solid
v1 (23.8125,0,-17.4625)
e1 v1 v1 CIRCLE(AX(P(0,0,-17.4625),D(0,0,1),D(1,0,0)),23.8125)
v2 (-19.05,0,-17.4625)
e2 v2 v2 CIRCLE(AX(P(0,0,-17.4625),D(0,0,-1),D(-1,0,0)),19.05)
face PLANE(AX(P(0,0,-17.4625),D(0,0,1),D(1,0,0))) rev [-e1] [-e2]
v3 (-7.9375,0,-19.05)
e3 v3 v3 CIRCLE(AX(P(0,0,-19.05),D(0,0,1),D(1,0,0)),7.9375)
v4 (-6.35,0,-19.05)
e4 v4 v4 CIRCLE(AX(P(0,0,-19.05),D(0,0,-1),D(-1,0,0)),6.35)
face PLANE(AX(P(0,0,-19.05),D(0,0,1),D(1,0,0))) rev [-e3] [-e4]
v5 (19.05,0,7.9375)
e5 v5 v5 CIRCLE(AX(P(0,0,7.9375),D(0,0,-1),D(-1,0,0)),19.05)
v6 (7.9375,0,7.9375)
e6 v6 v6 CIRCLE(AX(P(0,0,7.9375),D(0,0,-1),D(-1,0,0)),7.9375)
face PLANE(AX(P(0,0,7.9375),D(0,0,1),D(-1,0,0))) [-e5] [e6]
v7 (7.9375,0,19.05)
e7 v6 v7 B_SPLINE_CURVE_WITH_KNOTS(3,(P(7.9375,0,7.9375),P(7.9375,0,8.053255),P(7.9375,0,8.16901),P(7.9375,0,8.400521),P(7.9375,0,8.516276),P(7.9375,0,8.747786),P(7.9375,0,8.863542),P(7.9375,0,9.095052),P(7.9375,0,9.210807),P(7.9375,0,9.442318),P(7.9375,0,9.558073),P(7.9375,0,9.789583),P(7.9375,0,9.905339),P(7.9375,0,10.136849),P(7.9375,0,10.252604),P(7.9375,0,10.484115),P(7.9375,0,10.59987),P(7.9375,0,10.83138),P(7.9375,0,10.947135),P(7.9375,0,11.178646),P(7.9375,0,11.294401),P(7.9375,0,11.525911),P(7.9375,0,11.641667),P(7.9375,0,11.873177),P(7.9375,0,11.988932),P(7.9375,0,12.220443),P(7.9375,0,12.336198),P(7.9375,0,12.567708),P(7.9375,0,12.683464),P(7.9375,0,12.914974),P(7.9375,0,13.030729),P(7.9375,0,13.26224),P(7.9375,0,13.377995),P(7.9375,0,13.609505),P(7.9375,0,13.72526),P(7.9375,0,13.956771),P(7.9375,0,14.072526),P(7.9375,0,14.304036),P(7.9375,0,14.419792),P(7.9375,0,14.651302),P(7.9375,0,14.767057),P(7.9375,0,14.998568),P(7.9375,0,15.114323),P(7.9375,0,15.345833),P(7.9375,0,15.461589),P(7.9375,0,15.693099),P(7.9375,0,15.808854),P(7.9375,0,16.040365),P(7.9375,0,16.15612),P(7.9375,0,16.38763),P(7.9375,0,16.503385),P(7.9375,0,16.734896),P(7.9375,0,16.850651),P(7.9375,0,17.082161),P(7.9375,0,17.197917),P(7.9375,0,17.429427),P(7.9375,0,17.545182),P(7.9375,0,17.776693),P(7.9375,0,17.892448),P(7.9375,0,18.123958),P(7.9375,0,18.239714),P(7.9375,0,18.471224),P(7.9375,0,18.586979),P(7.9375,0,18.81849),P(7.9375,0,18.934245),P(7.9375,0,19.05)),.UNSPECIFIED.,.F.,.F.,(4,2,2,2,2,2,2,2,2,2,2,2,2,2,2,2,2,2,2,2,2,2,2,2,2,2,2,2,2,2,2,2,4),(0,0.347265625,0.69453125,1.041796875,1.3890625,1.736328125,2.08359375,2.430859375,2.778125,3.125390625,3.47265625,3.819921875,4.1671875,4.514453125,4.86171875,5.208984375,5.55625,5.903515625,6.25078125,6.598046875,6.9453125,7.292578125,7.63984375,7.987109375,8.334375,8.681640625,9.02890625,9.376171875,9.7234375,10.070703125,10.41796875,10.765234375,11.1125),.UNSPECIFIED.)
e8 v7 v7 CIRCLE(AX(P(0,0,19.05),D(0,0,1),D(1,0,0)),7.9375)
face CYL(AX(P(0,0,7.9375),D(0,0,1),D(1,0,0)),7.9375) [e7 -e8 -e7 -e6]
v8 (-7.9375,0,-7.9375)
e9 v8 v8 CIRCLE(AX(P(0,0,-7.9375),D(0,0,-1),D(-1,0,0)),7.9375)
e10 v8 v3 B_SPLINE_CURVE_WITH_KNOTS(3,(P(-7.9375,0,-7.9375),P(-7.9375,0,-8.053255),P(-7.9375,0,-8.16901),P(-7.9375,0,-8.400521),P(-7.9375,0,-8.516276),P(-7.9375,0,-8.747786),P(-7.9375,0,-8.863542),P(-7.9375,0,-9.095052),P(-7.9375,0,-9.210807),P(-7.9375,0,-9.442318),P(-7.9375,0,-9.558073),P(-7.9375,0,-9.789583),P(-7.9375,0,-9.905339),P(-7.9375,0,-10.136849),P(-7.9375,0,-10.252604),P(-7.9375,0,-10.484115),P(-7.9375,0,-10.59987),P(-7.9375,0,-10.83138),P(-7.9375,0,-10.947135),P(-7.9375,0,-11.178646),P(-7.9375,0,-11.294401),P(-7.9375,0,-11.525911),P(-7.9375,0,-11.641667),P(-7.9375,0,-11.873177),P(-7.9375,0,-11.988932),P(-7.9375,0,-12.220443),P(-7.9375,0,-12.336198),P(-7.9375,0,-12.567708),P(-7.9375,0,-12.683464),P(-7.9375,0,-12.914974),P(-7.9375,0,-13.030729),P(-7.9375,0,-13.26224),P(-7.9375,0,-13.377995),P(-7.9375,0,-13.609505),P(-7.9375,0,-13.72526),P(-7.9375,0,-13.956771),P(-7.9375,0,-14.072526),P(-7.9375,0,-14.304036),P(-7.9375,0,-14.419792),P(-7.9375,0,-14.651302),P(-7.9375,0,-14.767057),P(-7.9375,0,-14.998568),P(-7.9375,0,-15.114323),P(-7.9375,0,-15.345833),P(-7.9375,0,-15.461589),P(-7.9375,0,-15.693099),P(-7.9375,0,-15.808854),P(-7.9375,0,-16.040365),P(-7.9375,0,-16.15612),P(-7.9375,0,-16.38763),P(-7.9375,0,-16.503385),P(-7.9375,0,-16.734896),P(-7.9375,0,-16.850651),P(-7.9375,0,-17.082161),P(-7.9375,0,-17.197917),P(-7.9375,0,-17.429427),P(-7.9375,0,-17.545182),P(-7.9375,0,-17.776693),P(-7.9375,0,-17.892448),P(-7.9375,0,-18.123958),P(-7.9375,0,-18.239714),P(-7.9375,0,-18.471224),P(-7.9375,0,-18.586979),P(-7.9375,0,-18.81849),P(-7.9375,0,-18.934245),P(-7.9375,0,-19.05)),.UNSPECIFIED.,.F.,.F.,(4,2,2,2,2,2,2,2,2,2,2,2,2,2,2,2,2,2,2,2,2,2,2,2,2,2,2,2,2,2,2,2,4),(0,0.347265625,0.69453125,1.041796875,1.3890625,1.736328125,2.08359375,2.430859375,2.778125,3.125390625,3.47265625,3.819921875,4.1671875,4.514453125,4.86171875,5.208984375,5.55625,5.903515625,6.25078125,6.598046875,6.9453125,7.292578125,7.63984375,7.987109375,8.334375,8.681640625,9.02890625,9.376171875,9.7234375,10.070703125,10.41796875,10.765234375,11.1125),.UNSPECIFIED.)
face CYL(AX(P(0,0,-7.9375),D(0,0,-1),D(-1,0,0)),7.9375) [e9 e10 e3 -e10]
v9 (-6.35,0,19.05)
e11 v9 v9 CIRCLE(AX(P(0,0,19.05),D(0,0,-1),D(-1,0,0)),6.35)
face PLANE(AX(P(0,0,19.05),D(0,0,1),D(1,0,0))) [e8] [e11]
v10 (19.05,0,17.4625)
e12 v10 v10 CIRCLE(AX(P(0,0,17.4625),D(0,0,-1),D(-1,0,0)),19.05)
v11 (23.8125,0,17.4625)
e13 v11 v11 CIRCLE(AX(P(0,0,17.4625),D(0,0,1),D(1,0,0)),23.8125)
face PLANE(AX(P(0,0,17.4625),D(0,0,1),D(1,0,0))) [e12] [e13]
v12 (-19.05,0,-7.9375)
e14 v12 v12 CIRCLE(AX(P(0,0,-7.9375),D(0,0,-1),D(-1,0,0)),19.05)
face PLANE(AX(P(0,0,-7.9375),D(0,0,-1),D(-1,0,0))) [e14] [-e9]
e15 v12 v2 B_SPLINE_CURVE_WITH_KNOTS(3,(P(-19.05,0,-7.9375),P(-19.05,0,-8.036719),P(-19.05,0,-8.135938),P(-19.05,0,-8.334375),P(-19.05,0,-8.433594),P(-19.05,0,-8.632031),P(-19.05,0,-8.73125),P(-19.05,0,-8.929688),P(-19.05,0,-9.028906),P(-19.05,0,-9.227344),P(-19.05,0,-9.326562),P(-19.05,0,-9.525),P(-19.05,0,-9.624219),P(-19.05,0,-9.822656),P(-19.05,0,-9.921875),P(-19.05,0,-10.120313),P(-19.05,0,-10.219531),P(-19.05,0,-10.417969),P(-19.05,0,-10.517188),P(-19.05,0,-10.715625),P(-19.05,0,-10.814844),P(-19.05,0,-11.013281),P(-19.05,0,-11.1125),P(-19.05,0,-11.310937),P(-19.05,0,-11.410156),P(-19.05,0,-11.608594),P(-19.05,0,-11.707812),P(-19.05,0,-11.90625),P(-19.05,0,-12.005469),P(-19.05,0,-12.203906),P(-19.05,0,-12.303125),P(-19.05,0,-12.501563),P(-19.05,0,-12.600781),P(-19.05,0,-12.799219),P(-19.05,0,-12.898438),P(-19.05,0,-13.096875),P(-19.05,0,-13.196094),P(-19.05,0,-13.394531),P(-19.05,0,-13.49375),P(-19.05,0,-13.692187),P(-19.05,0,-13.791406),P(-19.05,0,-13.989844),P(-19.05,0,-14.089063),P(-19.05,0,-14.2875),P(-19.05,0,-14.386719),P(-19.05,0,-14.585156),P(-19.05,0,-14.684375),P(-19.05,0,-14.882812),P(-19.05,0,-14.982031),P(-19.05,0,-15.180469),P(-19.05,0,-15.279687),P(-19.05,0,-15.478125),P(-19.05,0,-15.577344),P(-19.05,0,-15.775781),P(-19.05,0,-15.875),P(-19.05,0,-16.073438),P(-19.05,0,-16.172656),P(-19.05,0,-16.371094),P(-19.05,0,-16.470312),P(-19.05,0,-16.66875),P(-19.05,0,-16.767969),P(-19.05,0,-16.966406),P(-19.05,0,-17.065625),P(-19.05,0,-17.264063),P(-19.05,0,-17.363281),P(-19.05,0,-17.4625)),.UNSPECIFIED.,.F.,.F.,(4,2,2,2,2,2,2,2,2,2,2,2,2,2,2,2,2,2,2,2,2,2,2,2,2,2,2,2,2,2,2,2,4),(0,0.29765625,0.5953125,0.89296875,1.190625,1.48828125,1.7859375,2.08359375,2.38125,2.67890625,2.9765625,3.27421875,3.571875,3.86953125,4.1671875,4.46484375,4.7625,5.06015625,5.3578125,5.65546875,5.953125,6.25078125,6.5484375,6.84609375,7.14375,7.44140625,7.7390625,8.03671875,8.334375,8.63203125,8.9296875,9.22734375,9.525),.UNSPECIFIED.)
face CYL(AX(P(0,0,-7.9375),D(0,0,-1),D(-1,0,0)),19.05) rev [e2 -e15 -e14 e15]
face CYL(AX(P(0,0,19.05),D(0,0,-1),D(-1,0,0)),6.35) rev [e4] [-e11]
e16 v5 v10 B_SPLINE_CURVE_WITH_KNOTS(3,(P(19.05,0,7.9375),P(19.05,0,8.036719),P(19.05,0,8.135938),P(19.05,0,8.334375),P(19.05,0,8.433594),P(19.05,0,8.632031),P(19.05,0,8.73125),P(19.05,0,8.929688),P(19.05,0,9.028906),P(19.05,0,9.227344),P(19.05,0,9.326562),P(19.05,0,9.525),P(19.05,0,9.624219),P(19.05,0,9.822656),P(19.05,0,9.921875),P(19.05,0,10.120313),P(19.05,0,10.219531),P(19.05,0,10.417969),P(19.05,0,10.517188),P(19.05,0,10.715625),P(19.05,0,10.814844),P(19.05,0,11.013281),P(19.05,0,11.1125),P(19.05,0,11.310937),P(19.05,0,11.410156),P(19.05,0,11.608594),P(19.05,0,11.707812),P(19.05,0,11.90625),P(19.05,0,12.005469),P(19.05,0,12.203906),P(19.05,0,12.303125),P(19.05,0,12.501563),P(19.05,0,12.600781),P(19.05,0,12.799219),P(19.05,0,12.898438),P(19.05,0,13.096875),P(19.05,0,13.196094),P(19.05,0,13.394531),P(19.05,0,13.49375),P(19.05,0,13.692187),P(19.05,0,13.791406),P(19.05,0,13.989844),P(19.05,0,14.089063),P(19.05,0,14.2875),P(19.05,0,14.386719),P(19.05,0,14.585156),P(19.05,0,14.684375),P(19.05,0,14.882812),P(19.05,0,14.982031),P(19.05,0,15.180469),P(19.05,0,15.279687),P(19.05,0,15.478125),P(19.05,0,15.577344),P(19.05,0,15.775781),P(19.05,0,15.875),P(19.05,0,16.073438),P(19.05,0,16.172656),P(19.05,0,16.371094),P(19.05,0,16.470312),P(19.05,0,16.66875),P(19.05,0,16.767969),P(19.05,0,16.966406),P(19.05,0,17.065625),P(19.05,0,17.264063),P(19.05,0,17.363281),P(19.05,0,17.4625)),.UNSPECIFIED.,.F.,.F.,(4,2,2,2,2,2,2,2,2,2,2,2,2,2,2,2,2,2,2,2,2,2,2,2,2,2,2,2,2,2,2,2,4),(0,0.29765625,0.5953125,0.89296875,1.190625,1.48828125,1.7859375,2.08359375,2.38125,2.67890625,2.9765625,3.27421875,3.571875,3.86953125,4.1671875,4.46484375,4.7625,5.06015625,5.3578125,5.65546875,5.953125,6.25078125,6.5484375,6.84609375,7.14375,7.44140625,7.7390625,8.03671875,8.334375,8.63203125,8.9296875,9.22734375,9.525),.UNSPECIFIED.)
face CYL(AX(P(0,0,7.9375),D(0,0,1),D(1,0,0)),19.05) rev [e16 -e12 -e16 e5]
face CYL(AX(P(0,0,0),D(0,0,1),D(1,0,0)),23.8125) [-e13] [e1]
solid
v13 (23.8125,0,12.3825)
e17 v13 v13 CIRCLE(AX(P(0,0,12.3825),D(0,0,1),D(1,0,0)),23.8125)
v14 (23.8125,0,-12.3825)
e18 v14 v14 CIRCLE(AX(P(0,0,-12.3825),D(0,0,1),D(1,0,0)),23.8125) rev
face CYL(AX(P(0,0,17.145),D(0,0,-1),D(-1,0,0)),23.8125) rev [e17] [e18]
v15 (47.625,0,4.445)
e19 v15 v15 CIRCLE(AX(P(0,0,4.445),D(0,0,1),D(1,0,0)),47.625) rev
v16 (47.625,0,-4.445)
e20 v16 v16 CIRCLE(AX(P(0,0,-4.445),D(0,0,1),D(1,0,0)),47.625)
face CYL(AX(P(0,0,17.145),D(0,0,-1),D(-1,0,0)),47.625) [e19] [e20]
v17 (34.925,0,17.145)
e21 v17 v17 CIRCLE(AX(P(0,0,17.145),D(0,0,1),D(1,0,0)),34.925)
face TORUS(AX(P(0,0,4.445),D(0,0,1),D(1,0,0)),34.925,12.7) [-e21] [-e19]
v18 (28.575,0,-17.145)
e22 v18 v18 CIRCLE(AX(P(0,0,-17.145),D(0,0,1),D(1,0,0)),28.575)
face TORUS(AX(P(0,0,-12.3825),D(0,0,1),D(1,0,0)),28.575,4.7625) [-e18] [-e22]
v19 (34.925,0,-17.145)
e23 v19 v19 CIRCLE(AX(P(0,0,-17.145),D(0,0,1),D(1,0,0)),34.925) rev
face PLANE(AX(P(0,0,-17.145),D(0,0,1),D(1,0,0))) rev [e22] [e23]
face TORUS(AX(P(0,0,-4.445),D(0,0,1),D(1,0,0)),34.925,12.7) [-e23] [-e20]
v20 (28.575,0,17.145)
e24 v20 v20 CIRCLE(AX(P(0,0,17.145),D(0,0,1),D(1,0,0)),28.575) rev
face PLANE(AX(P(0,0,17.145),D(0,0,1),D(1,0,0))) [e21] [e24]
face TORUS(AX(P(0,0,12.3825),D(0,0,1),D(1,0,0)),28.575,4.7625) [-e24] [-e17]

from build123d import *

# Parameters (mm, degrees)
SKETCH1_R               = 47.625
SKETCH1_R_2             = 23.8125
BOSS_EXTRUDE1_DEPTH     = 17.145
FILLET1_R               = 12.7
FILLET2_R               = 4.7625
SKETCH2_R               = 25.4
BOSS_EXTRUDE2_DEPTH     = 17.4625
SKETCH3_W               = 34.925
SKETCH3_H               = 1.5875
SKETCH4_R               = 19.05
SKETCH4_R_2             = 7.9375
CUT_EXTRUDE1_DEPTH      = 9.525
SKETCH5_R               = 7.9375
BOSS_EXTRUDE3_DEPTH     = 19.05
CUT_EXTRUDE2_DEPTH      = 77.612296113
CUT_EXTRUDE2_DEPTH_BACK = 77.612296113
SKETCH6_R               = 6.35


with BuildPart() as part:
    # Sketch1 → Boss-Extrude1 (new, symmetric)
    with BuildSketch(Plane.XY):
        Circle(SKETCH1_R)
        Circle(SKETCH1_R_2, mode=Mode.SUBTRACT)
    extrude(amount=BOSS_EXTRUDE1_DEPTH, both=True)

    # Fillet1
    fillet1_edges = [part.edges().sort_by_distance(p)[0] for p in [
        (-47.625, 0, -17.145),
        (-47.625, 0, 17.145),
    ]]
    fillet(fillet1_edges, radius=FILLET1_R)

    # Fillet2
    fillet2_edges = [part.edges().sort_by_distance(p)[0] for p in [
        (-23.8125, 0, -17.145),
        (-23.8125, 0, 17.145),
    ]]
    fillet(fillet2_edges, radius=FILLET2_R)


with BuildPart() as body_2:
    # Sketch2 → Boss-Extrude2 (new, symmetric)
    with BuildSketch(Plane.XY):
        Circle(SKETCH2_R)
    extrude(amount=BOSS_EXTRUDE2_DEPTH, both=True)

    # Sketch3 → Cut-Revolve1 (revolve, cut)
    with BuildSketch(Plane(origin=(0, 0, 0), x_dir=(0, 0, -1), z_dir=(1, 0, 0))):
        with Locations((0, 24.60625)):
            Rectangle(SKETCH3_W, SKETCH3_H)
    revolve(axis=Axis((0, 0, 0), (0, 0, -1)), mode=Mode.SUBTRACT)

    # Sketch4 → Cut-Extrude1 (cut)
    with BuildSketch(Plane(origin=(0, 0, -17.4625), x_dir=(-1, 0, 0), z_dir=(0, 0, -1))):
        Circle(SKETCH4_R)
        Circle(SKETCH4_R_2, mode=Mode.SUBTRACT)
    cut_extrude1 = extrude(amount=-CUT_EXTRUDE1_DEPTH, mode=Mode.SUBTRACT)

    # Mirror1: Cut-Extrude1 across plane
    add(cut_extrude1.mirror(Plane.XY), mode=Mode.SUBTRACT)

    # Sketch5 → Boss-Extrude3 (add, symmetric)
    with BuildSketch(Plane.XY):
        with Locations(Location((0, 0, 0), (0, 0, 180))):
            Circle(SKETCH5_R)
    extrude(amount=BOSS_EXTRUDE3_DEPTH, both=True)

    # Sketch6 → Cut-Extrude2 (cut, two sides: drawn at the far end of the back side and taken through both)
    with BuildSketch(Plane(origin=(0, 0, -17.4625), x_dir=(-1, 0, 0), z_dir=(0, 0, -1)).offset(-CUT_EXTRUDE2_DEPTH_BACK)):
        Circle(SKETCH6_R)
    extrude(amount=CUT_EXTRUDE2_DEPTH + CUT_EXTRUDE2_DEPTH_BACK, mode=Mode.SUBTRACT)


solid = Compound([part.part, body_2.part])
